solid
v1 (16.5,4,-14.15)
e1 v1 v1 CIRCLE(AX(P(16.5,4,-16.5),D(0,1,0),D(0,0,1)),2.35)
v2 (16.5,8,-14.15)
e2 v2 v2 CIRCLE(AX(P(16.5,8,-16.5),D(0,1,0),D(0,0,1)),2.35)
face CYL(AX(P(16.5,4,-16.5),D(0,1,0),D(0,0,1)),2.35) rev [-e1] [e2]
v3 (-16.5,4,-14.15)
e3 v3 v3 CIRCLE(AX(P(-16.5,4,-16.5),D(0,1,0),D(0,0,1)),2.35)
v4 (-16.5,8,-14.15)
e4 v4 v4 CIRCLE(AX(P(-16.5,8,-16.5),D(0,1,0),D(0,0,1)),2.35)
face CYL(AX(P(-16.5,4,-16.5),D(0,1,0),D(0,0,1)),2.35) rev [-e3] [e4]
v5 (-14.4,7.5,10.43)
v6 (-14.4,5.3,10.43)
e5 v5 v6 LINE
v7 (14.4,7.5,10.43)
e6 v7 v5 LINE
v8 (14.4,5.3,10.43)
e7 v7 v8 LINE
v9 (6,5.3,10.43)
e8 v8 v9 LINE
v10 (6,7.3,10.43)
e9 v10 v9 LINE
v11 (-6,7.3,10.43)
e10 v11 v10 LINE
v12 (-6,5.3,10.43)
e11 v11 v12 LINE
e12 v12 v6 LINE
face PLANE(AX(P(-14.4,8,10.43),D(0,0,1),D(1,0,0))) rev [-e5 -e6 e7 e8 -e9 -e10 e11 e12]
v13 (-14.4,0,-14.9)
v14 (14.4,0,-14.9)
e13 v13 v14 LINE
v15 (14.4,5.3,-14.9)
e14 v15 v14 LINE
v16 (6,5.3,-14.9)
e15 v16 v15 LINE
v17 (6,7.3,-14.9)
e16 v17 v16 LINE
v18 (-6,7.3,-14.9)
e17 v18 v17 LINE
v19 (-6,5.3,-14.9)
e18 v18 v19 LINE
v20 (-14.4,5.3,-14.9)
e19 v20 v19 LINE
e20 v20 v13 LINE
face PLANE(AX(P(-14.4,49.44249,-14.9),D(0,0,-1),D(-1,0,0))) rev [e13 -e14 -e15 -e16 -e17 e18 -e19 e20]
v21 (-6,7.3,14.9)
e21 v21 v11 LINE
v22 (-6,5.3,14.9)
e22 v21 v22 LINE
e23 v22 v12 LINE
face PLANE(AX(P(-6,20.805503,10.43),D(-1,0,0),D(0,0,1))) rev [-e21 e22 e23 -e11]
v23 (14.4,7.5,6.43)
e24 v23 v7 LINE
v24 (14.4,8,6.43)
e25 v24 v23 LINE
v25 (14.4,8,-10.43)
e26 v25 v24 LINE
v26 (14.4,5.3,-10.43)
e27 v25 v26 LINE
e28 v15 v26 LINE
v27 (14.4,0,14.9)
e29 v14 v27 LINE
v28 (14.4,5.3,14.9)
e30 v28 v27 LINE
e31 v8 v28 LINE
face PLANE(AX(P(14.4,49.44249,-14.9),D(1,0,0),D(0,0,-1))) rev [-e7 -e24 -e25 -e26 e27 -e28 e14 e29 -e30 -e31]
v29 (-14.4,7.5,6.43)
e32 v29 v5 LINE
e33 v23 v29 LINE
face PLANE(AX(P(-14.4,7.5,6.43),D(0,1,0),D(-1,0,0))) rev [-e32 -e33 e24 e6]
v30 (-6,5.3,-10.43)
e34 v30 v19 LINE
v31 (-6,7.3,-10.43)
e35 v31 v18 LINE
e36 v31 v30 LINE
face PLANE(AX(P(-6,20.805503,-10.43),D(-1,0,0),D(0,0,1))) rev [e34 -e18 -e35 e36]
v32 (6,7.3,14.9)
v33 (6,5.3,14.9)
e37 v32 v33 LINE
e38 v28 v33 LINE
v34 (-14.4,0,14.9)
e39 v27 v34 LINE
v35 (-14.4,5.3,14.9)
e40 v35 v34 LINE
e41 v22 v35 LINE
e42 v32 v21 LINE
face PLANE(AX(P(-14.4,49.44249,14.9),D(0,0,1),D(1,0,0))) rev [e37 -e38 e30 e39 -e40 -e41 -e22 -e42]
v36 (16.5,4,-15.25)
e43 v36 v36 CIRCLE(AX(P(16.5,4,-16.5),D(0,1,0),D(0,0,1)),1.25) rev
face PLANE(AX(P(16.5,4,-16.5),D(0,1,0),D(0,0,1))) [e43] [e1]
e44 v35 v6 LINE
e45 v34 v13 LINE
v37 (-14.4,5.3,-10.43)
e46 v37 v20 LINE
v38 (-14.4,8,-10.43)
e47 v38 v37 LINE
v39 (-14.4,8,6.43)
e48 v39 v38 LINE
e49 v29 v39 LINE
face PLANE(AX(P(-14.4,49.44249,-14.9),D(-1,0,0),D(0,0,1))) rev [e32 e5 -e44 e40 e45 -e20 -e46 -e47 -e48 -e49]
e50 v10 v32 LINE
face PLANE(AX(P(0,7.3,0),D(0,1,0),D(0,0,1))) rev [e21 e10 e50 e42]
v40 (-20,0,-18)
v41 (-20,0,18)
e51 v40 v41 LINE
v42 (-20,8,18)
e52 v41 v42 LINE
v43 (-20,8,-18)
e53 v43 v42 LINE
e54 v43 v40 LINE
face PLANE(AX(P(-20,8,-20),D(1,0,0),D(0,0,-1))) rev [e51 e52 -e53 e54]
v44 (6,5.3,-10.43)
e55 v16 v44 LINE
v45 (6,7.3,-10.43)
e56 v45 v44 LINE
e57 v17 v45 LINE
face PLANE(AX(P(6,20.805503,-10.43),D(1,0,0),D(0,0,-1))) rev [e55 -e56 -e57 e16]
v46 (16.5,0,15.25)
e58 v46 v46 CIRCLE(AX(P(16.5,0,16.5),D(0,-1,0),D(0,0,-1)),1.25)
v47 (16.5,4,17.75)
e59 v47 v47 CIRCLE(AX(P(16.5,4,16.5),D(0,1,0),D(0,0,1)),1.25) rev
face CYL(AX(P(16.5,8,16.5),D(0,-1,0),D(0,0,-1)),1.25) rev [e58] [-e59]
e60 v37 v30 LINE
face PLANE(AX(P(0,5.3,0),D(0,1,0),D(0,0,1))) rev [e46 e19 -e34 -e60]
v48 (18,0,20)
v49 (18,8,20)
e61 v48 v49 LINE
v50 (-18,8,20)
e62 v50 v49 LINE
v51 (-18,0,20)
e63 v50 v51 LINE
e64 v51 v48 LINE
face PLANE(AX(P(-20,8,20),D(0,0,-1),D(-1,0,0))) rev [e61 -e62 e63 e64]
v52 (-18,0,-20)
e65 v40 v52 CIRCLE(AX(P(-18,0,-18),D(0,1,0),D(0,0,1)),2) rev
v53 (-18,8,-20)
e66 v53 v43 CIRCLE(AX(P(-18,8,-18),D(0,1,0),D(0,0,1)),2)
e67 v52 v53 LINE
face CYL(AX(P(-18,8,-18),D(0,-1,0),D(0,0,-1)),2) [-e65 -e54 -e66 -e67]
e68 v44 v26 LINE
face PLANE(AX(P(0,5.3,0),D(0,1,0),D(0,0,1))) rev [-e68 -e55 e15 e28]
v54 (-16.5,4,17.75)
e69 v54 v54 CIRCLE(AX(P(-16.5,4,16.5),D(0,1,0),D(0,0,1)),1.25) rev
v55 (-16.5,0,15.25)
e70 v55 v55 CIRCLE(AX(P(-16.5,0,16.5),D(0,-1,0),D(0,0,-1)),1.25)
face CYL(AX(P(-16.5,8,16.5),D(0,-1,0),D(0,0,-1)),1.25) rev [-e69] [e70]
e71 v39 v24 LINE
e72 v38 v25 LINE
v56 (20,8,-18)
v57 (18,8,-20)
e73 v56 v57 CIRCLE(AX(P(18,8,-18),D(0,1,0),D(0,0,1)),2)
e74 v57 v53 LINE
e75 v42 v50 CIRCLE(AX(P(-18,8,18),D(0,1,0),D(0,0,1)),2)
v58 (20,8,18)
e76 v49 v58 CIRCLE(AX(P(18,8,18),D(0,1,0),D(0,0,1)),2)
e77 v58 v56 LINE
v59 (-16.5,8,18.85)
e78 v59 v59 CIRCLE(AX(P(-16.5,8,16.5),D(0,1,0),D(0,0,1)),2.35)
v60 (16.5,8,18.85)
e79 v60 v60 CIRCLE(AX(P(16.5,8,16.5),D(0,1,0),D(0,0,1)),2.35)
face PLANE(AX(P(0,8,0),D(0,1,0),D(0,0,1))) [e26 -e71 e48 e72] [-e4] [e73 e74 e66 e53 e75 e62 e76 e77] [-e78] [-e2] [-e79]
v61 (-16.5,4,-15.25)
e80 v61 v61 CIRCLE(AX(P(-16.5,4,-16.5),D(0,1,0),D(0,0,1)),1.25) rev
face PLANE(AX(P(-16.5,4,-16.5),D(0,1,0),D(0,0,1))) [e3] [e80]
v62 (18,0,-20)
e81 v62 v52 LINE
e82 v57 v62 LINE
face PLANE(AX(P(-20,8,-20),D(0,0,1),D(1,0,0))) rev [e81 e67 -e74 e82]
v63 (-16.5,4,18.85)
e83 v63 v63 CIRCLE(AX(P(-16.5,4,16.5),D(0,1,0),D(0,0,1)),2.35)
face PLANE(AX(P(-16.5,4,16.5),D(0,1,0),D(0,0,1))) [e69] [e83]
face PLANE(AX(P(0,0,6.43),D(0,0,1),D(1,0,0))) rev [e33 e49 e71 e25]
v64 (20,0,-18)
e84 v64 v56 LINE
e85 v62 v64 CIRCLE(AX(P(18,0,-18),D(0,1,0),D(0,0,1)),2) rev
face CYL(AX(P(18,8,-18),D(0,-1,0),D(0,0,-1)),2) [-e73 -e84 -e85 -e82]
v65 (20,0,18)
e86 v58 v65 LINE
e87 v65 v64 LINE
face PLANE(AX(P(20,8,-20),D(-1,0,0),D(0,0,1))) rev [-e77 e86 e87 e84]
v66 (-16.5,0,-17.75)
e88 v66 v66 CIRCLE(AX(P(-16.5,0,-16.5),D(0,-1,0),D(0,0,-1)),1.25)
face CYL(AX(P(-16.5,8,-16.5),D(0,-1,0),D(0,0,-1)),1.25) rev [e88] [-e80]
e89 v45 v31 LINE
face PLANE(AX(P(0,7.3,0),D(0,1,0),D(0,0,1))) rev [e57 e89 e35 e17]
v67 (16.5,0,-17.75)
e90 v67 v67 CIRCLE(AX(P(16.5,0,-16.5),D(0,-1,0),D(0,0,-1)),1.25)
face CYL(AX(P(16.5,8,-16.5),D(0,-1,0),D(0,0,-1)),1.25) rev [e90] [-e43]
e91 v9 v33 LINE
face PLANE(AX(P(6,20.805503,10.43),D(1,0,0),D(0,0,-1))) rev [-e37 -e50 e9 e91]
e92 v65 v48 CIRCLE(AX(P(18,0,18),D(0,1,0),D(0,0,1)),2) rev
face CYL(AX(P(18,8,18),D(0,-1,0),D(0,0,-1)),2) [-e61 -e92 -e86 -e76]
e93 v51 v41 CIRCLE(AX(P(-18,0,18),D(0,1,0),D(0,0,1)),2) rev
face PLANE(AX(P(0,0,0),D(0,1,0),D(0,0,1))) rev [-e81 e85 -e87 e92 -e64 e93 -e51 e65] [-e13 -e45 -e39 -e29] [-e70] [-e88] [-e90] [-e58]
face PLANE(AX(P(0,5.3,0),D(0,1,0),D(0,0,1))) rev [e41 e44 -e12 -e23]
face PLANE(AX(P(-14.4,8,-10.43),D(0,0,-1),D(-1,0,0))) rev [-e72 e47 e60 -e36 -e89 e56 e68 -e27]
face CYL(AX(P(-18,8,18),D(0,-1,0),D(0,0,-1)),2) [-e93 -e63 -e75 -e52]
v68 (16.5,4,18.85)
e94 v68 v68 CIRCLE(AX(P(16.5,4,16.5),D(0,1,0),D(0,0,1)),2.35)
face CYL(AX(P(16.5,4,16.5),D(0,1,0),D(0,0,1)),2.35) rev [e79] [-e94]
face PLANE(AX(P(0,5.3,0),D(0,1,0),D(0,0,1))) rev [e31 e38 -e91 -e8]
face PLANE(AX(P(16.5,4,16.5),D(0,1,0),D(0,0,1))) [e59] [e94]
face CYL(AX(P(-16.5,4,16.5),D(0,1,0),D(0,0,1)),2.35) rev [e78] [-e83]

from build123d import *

# Parameters (mm, degrees)
SKETCH_1_W             = 40
SKETCH_1_H             = 40
EXTRUDE_644_DEPTH      = 8
SKETCH_2_W             = 28.8
SKETCH_2_H             = 29.8
CUT_EXTRUDE_826_DEPTH  = 5.3
SKETCH_3_W             = 28.8
SKETCH_3_H             = 20.86
CUT_EXTRUDE_1017_DEPTH = 29.776552955
SKETCH_4_W             = 12
SKETCH_4_H             = 4.47
CUT_EXTRUDE_1234_DEPTH = 2
SKETCH_5_W             = 28.8
SKETCH_5_H             = 0.5
EXTRUDE_1465_DEPTH     = 4
SKETCH_7_R             = 1.25
CUT_EXTRUDE_1704_DEPTH = 30.393876913
FILLET_1_R             = 2
SKETCH_8_R             = 2.35
CUT_EXTRUDE_2246_DEPTH = 4


with BuildPart() as part:
    # Эскиз1 → Extrude 644 (new body)
    with BuildSketch(Plane(origin=(0, 0, 0), x_dir=(1, 0, 0), z_dir=(0, 1, 0))):
        Rectangle(SKETCH_1_W, SKETCH_1_H)
    extrude(amount=EXTRUDE_644_DEPTH)

    # Эскиз2 → Cut-Extrude 826 (cut)
    with BuildSketch(Plane.XZ):
        Rectangle(SKETCH_2_W, SKETCH_2_H)
    extrude(amount=-CUT_EXTRUDE_826_DEPTH, mode=Mode.SUBTRACT)

    # Эскиз3 → Cut-Extrude 1017 (cut, through all)
    with BuildSketch(Plane.XZ.offset(-5.3)):
        Rectangle(SKETCH_3_W, SKETCH_3_H)
    extrude(amount=-CUT_EXTRUDE_1017_DEPTH, mode=Mode.SUBTRACT)

    # Эскиз4 → Cut-Extrude 1234 (cut)
    with BuildSketch(Plane.XZ.offset(-5.3)):
        with Locations((0, 12.665)):
            Rectangle(SKETCH_4_W, SKETCH_4_H)
        with Locations((0, -12.665)):
            Rectangle(SKETCH_4_W, SKETCH_4_H)
    extrude(amount=-CUT_EXTRUDE_1234_DEPTH, mode=Mode.SUBTRACT)

    # Эскиз5 → Extrude 1465 (add)
    with BuildSketch(Plane(origin=(0, 0, 10.43), x_dir=(-1, 0, 0), z_dir=(0, 0, -1))):
        with Locations((0, 7.75)):
            Rectangle(SKETCH_5_W, SKETCH_5_H)
    extrude(amount=EXTRUDE_1465_DEPTH)

    # Эскиз7 → Cut-Extrude 1704 (cut, through all)
    with BuildSketch(Plane.XZ):
        with Locations(Location((-16.5, 16.5, 0), (0, 0, 270))):
            Circle(SKETCH_7_R)
        with Locations(Location((16.5, 16.5, 0), (0, 0, 270))):
            Circle(SKETCH_7_R)
        with Locations(Location((16.5, -16.5, 0), (0, 0, 270))):
            Circle(SKETCH_7_R)
        with Locations(Location((-16.5, -16.5, 0), (0, 0, 270))):
            Circle(SKETCH_7_R)
    extrude(amount=-CUT_EXTRUDE_1704_DEPTH, mode=Mode.SUBTRACT)

    # Скругление1
    fillet_1_edges = [part.edges().sort_by_distance(p)[0] for p in [
        (20, 4, 20),
        (-20, 4, 20),
        (-20, 4, -20),
        (20, 4, -20),
    ]]
    fillet(fillet_1_edges, radius=FILLET_1_R)

    # Эскиз8 → Cut-Extrude 2246 (cut)
    with BuildSketch(Plane(origin=(0, 8, 0), x_dir=(1, 0, 0), z_dir=(0, 1, 0))):
        with Locations(Location((-16.5, 16.5, 0), (0, 0, 270))):
            Circle(SKETCH_8_R)
        with Locations(Location((-16.5, -16.5, 0), (0, 0, 270))):
            Circle(SKETCH_8_R)
        with Locations(Location((16.5, -16.5, 0), (0, 0, 270))):
            Circle(SKETCH_8_R)
        with Locations(Location((16.5, 16.5, 0), (0, 0, 270))):
            Circle(SKETCH_8_R)
    extrude(amount=-CUT_EXTRUDE_2246_DEPTH, mode=Mode.SUBTRACT)


solid = part.part
